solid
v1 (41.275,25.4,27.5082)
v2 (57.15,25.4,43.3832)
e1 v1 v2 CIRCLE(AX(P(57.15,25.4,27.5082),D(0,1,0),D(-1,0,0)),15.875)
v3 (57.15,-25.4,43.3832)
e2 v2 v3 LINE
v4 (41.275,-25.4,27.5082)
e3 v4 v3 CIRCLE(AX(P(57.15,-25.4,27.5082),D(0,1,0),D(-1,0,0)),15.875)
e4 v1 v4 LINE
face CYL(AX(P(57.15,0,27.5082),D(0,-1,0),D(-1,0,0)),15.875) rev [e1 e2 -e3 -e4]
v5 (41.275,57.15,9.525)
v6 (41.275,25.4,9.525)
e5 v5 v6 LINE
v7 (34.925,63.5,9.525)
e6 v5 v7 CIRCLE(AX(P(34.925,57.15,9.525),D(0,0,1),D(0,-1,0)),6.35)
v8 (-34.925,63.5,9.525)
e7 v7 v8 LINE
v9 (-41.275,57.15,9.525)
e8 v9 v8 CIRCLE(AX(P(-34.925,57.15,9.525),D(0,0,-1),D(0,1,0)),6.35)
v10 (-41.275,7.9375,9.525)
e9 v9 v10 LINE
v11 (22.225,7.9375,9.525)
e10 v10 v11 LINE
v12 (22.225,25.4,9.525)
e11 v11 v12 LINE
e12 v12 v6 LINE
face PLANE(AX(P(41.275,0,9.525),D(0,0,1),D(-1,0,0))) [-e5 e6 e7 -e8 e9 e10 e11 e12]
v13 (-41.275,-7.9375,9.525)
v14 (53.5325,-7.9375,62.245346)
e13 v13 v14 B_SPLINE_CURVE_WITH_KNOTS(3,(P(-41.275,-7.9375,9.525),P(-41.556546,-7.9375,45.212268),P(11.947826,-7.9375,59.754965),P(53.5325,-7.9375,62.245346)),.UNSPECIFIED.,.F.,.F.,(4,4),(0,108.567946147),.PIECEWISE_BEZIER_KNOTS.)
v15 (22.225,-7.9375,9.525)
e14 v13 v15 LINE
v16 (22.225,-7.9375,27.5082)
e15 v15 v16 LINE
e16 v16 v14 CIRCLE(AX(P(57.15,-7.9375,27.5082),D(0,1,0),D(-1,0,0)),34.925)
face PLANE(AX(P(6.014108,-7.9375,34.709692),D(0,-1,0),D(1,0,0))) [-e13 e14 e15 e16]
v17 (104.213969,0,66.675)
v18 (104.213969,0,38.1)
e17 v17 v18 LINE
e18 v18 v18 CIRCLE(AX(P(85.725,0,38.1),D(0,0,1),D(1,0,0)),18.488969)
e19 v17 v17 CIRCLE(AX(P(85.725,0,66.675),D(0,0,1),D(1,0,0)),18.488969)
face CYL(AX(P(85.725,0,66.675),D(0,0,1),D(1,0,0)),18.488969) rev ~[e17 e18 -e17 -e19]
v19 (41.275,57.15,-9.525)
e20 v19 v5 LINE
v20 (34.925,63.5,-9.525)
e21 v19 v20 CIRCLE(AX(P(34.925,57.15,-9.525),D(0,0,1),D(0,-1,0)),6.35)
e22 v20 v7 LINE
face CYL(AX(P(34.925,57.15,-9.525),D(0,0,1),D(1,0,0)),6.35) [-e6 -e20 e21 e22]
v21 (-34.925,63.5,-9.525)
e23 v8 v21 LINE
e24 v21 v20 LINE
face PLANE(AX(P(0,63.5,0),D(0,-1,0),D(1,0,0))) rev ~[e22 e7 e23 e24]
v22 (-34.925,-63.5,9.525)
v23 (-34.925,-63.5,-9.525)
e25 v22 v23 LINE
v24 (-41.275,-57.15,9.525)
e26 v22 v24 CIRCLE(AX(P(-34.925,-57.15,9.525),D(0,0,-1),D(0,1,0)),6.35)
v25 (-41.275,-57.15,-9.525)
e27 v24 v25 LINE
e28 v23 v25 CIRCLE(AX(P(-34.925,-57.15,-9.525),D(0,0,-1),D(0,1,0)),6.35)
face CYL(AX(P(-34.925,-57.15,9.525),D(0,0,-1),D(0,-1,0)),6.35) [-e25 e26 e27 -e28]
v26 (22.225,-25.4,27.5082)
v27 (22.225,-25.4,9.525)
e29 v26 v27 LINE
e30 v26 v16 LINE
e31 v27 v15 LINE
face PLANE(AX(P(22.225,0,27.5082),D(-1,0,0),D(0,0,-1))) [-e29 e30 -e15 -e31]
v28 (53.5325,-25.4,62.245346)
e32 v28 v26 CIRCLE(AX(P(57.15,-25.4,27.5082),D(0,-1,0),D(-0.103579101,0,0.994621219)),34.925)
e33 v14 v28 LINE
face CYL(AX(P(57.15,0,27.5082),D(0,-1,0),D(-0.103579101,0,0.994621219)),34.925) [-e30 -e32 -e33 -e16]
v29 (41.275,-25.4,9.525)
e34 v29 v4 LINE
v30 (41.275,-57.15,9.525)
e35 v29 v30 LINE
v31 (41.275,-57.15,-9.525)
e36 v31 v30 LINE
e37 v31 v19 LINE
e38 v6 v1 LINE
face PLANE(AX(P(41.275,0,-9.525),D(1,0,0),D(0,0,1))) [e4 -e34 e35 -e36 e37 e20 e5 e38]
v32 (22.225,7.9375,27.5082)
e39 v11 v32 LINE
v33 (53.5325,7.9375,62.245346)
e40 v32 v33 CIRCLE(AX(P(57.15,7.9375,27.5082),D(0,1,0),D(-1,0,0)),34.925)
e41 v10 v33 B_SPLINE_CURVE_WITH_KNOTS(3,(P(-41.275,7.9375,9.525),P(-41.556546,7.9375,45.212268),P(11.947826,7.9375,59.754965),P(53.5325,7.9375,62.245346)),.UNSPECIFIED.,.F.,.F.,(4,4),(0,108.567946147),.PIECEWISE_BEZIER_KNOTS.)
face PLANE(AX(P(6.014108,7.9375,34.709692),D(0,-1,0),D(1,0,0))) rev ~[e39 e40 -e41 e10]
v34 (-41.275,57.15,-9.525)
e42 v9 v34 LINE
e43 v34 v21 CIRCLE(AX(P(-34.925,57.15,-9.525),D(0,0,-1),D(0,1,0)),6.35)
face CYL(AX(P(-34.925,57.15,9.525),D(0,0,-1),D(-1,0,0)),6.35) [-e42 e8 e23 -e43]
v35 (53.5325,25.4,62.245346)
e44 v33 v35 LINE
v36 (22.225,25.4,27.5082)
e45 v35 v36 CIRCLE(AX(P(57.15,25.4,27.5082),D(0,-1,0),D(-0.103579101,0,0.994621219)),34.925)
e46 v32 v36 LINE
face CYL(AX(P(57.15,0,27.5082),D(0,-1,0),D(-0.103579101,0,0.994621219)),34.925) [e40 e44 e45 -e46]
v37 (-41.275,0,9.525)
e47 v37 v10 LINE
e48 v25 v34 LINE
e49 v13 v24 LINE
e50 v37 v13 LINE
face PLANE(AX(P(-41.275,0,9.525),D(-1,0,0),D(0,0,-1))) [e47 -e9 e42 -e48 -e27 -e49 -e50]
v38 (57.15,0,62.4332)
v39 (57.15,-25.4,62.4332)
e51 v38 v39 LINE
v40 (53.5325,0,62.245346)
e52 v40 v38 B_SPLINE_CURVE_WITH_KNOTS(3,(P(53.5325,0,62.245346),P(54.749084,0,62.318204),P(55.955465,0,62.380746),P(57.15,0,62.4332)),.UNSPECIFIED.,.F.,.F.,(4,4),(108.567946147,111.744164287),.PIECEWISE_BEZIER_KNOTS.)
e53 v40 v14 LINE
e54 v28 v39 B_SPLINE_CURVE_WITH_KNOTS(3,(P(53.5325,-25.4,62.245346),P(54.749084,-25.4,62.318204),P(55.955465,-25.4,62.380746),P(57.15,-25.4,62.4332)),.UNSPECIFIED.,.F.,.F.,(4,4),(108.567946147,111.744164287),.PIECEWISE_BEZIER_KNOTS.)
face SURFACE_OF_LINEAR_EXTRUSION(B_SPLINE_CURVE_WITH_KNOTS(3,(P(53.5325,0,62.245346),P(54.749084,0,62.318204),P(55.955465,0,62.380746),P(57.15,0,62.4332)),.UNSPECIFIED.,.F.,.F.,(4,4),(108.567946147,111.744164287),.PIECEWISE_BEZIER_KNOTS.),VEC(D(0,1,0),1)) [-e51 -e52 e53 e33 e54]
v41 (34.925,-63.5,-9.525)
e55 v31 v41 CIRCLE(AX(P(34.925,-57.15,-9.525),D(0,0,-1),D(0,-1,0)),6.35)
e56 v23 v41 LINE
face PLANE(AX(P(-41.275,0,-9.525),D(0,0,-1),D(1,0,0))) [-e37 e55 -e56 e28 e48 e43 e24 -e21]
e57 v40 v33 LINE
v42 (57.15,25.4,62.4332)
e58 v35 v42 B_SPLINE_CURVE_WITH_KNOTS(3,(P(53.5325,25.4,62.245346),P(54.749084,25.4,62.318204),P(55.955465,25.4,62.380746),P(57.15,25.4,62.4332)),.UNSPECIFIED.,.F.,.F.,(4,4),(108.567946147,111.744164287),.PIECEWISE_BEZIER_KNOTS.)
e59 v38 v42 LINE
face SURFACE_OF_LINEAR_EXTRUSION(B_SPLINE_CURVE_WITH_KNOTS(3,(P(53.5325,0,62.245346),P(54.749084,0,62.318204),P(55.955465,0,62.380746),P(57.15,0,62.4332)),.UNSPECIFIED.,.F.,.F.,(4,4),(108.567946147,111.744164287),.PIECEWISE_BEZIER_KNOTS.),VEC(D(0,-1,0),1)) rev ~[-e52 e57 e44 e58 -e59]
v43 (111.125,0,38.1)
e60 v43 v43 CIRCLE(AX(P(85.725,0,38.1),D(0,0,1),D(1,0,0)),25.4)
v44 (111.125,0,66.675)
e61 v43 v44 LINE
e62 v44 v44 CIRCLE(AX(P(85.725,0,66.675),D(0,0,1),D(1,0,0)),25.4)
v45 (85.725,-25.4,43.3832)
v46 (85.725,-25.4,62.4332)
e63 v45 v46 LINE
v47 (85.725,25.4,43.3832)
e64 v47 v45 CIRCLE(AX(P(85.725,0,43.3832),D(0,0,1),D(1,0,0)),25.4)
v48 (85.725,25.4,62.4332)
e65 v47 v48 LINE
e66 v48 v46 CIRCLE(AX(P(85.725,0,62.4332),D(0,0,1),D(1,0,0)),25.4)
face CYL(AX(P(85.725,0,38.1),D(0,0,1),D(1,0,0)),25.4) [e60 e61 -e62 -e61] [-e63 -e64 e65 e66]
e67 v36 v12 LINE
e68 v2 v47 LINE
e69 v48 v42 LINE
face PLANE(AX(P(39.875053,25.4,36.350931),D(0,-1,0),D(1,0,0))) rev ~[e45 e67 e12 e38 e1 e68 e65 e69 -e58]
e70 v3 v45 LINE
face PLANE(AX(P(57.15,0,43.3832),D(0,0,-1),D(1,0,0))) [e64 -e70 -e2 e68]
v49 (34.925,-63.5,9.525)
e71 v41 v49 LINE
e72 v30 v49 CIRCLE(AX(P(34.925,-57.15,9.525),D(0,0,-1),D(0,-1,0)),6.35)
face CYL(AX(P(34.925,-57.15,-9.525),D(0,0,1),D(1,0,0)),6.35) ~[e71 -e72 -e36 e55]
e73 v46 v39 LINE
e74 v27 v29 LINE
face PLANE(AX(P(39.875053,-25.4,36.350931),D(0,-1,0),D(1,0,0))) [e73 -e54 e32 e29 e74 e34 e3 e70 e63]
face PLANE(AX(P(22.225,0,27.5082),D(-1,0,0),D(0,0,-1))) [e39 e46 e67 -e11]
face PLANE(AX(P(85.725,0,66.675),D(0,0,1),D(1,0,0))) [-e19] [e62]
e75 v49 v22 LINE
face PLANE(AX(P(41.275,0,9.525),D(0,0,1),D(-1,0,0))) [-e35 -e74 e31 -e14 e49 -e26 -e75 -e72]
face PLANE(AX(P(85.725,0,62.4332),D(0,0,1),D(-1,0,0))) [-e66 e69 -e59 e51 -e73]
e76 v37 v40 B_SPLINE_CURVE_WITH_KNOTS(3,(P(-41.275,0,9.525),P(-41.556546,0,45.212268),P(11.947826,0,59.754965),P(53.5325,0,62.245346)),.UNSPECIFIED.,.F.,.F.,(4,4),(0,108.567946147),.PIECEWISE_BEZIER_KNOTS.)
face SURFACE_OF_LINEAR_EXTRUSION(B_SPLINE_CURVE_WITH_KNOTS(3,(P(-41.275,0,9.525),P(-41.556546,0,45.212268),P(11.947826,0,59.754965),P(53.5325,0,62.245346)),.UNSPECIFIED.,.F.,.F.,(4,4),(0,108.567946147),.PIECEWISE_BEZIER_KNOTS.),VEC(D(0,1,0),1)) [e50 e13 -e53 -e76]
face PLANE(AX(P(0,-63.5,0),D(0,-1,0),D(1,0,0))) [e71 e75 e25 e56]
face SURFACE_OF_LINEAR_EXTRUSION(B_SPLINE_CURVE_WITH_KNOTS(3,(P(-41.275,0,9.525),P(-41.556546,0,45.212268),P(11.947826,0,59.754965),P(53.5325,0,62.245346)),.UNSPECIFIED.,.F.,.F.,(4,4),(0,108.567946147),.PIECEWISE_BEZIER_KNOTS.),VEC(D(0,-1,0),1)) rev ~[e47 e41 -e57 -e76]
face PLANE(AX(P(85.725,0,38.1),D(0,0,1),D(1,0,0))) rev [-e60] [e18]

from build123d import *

# Parameters (mm, degrees)
F1_DEPTH = 63.5
F0_W     = 25.4
F0_H     = 19.05
F2_DEPTH = 25.4
F3_DEPTH = 7.9375
F5_R     = 6.35
F6_R     = 18.4889693292
F7_DEPTH = 100.96774064


with BuildPart() as f1:
    # F0 (on Front) → F1 (new body, symmetric)
    with BuildSketch(Plane.XZ):
        Polygon((41.275, -9.525), (41.275, 9.525), (22.225, 9.525), (-41.275, 9.525), (-41.275, -9.525), align=None)
    extrude(amount=F1_DEPTH, both=True)

    # F0 (on Front) → F2 (join, symmetric)
    with BuildSketch(Plane.XZ):
        with BuildLine():
            Line((22.225, 9.525), (41.275, 9.525))
            Line((41.275, 9.525), (41.275, 27.5082))
            ThreePointArc((41.275, 27.5082), (45.9246798487, 38.7335201513), (57.15, 43.3832))
            Line((57.15, 43.3832), (60.325, 43.3832))
            Line((60.325, 43.3832), (60.325, 62.4332))
            Line((60.325, 62.4332), (57.15, 62.4332))
            add(Edge.make_bspline(
                [(53.5324999081, 62.2453460843), (54.7490836223, 62.3182036116), (55.9554653988, 62.3807456949), (57.15, 62.4332)],
                knots=[108.5679461474, 108.5679461474, 108.5679461474, 108.5679461474, 111.7441642872, 111.7441642872, 111.7441642872, 111.7441642872], degree=3))
            ThreePointArc((53.5324999081, 62.2453460843), (31.2068234818, 50.8899710438), (22.225, 27.5082))
            Line((22.225, 27.5082), (22.225, 9.525))
        make_face()
        with Locations((73.025, 52.9082)):
            Rectangle(F0_W, F0_H)
    extrude(amount=F2_DEPTH, both=True)

    # F0 (on Front) → F3 (join, symmetric)
    with BuildSketch(Plane.XZ):
        with BuildLine():
            Line((-41.275, 9.525), (22.225, 9.525))
            Line((22.225, 9.525), (22.225, 27.5082))
            ThreePointArc((22.225, 27.5082), (31.2068234818, 50.8899710438), (53.5324999081, 62.2453460843))
            add(Edge.make_bspline(
                [(-41.275, 9.525), (-41.5565460879, 45.2122684176), (11.9478261389, 59.7549654652), (53.5324999081, 62.2453460843)],
                knots=[0, 0, 0, 0, 108.5679461474, 108.5679461474, 108.5679461474, 108.5679461474], degree=3))
        make_face()
    extrude(amount=F3_DEPTH, both=True)

    # F0 (on Front) → F4 (revolve)
    with BuildSketch(Plane.XZ):
        Polygon((85.725, 62.4332), (85.725, 43.3832), (85.725, 38.1), (111.125, 38.1), (111.125, 66.675), (85.725, 66.675), align=None)
    revolve(axis=Axis((85.725, 0, 52.3875), (0, 0, 1)))

    # F5
    f5_edges = [f1.edges().sort_by_distance(p)[0] for p in [
        (41.275, -63.5, 0),
        (-41.275, -63.5, 0),
        (-41.275, 63.5, 0),
        (41.275, 63.5, 0),
    ]]
    fillet(f5_edges, radius=F5_R)

    # F6 (on face) → F7 (cut)
    with BuildSketch(Plane.XY.offset(66.675)):
        with Locations((85.725, 0)):
            Circle(F6_R)
    extrude(amount=-F7_DEPTH, mode=Mode.SUBTRACT)


solid = f1.part
